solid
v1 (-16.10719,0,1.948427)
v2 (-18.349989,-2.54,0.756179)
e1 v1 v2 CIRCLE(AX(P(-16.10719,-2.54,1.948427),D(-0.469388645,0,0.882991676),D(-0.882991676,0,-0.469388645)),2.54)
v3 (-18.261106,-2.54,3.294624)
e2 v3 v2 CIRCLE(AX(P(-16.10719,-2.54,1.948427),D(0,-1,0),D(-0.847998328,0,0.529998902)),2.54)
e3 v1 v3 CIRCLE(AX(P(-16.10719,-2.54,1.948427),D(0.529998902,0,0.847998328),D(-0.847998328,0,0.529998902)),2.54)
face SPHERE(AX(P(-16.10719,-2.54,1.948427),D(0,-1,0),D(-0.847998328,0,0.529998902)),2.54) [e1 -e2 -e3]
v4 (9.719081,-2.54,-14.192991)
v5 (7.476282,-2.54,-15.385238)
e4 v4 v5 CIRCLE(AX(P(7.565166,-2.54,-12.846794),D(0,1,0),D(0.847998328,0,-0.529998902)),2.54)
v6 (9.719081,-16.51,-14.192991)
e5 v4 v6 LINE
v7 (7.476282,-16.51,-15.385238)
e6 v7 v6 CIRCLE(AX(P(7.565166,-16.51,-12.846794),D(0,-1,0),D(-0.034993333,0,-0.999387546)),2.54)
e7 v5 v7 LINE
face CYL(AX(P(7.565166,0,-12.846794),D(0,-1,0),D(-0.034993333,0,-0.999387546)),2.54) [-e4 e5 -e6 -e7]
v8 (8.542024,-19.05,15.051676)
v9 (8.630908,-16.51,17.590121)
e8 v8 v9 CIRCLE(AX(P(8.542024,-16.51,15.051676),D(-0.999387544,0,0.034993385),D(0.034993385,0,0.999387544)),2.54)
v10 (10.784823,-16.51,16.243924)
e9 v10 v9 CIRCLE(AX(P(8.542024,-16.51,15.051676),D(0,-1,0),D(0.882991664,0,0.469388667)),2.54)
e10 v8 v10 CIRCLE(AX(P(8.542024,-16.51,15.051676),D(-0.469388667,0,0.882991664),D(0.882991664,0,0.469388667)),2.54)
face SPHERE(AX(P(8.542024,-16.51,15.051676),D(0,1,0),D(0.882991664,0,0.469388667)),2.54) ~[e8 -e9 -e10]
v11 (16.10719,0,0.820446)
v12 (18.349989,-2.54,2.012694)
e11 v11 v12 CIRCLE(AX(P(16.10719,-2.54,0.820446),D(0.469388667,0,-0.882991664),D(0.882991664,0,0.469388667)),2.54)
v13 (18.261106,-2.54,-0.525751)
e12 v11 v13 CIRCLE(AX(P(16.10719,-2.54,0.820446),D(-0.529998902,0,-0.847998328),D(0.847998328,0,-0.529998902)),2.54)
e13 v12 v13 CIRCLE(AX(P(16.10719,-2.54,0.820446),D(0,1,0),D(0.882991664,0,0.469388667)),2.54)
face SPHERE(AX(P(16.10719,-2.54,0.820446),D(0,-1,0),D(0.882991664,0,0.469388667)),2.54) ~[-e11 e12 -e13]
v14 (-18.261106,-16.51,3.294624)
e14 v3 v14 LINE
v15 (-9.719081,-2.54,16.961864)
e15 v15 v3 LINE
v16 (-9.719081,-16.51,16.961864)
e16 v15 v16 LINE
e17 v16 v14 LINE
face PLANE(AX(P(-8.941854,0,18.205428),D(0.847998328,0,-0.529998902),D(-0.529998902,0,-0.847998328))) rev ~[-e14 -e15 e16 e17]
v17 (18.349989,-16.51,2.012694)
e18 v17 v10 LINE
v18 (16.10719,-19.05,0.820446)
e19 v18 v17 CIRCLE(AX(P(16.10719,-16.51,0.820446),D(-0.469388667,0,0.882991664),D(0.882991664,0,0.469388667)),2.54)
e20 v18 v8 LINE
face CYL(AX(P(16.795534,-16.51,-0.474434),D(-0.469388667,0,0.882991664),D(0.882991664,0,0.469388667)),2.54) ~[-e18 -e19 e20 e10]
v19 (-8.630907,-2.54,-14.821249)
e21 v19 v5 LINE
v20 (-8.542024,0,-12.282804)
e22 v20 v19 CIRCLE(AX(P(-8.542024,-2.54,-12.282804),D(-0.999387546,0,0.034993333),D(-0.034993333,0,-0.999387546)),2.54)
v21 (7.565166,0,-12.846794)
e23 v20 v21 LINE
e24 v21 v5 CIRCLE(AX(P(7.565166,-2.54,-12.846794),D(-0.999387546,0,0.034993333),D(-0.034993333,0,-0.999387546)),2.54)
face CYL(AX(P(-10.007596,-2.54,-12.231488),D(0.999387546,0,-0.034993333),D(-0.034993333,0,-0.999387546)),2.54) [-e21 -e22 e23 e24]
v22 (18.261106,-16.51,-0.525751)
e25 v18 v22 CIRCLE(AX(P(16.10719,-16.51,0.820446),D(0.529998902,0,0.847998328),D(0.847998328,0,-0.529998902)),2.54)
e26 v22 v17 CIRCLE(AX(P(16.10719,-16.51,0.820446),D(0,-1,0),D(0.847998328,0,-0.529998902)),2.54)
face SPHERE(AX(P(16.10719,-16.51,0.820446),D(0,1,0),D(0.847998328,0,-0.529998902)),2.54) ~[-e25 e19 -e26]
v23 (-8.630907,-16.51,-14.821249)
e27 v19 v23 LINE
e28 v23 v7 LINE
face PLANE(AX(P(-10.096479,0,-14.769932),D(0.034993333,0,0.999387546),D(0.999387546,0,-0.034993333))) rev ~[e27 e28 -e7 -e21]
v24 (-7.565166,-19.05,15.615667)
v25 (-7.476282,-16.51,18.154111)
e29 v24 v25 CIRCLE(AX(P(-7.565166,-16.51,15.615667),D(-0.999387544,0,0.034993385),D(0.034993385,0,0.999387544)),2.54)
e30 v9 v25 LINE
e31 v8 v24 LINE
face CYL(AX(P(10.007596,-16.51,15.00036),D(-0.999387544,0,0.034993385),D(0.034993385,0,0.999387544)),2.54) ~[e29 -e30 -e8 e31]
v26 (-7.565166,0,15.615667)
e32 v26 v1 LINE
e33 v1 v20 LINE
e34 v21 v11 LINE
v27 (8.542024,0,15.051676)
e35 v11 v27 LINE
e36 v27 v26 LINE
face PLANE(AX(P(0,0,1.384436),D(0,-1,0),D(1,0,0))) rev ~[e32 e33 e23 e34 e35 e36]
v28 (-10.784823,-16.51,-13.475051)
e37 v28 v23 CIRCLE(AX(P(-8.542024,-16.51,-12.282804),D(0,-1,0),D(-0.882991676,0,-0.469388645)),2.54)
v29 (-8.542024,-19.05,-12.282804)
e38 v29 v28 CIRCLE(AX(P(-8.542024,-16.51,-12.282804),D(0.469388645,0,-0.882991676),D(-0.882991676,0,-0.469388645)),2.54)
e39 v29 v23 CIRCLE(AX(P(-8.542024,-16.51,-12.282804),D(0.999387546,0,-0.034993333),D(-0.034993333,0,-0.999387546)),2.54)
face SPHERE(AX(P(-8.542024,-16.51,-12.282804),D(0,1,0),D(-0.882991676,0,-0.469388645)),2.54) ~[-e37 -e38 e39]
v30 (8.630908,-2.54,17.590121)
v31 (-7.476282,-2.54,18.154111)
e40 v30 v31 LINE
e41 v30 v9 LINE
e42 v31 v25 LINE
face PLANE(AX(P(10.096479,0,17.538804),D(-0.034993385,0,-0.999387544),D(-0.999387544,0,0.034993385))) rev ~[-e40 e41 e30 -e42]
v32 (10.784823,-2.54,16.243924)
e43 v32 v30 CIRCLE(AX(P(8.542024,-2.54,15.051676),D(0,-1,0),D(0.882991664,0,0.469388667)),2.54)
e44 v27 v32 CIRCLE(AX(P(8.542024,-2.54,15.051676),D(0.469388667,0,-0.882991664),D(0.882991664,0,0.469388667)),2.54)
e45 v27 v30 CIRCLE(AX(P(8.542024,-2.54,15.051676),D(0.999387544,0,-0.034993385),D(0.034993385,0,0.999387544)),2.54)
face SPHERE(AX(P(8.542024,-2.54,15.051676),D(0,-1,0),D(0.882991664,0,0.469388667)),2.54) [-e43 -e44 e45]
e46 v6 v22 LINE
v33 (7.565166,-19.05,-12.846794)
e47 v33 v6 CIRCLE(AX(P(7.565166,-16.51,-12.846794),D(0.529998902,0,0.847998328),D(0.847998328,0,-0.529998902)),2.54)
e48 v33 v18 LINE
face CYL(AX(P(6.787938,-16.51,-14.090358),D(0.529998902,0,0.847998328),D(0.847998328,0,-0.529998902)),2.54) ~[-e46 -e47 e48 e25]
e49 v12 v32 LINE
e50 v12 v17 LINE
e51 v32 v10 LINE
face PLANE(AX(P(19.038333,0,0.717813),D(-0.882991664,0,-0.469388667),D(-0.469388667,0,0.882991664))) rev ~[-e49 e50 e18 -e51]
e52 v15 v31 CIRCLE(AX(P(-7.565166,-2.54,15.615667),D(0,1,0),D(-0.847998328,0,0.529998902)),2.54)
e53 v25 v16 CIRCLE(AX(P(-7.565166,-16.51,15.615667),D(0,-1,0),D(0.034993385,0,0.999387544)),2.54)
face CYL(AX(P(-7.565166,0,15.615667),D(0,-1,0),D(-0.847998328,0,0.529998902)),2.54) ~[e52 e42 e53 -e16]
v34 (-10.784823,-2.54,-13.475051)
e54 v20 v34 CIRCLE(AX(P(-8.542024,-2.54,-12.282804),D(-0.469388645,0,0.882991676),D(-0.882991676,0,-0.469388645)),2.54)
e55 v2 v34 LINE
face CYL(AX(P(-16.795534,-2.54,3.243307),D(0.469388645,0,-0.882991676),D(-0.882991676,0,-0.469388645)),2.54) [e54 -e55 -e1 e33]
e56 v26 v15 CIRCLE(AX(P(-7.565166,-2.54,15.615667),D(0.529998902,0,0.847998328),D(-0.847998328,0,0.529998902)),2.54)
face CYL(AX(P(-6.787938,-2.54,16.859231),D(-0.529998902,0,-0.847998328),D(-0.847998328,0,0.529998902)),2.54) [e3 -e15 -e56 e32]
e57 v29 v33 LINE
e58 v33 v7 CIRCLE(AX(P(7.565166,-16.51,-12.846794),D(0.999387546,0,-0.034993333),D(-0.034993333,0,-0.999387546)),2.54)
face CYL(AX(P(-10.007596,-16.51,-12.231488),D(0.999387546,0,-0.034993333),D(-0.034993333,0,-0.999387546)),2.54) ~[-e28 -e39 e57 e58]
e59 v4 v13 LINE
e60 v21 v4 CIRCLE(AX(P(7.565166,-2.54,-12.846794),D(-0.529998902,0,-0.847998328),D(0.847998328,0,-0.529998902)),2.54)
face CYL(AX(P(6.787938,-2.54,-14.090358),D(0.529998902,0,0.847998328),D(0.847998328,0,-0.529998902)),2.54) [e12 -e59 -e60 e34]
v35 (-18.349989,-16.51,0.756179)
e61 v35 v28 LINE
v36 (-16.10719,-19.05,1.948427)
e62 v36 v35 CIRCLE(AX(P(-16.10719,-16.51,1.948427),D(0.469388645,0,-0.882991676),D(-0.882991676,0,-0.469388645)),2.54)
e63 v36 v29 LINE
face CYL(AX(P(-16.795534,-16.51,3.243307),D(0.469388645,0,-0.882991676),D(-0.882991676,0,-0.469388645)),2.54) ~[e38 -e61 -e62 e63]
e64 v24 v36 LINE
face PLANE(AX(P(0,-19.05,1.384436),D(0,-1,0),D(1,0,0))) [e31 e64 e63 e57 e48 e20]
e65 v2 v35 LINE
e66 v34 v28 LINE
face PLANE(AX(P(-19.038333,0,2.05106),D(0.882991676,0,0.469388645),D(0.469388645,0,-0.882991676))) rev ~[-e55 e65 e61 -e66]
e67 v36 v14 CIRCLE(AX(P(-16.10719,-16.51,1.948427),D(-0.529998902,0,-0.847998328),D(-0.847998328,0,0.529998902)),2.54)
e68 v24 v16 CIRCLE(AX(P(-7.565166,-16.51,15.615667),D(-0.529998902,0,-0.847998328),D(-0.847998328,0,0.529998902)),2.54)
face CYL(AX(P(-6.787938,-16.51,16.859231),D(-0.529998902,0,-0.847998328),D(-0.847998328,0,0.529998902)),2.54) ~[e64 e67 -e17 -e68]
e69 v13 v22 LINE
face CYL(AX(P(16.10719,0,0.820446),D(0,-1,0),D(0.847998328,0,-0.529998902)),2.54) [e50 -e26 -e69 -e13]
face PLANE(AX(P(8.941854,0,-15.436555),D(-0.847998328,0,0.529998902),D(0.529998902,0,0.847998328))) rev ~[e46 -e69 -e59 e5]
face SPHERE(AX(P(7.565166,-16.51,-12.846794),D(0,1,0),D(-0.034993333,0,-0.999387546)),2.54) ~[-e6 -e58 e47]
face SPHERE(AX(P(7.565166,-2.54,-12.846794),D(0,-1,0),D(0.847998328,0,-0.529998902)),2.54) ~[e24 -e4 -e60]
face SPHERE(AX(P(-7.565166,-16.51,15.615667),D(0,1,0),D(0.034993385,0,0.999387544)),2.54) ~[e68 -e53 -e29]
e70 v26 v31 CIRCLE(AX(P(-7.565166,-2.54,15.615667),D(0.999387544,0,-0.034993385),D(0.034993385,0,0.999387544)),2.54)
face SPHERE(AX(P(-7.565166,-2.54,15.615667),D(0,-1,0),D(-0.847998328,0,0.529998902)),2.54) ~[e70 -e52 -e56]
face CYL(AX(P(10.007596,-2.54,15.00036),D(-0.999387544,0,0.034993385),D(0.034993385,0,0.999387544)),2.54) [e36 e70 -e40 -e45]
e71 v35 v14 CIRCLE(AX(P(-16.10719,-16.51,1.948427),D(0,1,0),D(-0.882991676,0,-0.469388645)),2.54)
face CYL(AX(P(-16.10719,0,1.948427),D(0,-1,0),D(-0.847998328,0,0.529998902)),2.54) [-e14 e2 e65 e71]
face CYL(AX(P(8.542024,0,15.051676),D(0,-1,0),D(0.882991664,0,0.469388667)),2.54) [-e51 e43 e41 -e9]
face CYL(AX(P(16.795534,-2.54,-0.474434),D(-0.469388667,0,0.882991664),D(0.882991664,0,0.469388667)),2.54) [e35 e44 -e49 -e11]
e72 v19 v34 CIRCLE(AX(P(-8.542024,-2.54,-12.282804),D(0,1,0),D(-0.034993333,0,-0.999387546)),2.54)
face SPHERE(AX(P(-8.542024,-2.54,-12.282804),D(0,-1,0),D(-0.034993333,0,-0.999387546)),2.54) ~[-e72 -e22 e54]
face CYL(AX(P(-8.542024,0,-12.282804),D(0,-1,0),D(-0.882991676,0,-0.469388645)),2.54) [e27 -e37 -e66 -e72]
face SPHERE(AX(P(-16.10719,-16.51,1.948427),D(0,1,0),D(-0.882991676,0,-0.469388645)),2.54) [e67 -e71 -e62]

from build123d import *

# Parameters (mm, degrees)
F1_DEPTH = 19.05
F2_R     = 2.54


with BuildPart() as f1:
    # F0 (on Front) → F1 (new body)
    with BuildSketch(Plane.XZ):
        Polygon((-8.941854, 18.205428), (-19.038333, 2.05106), (-10.096479, -14.769932), (8.941854, -15.436555), (19.038333, 0.717813), (10.096479, 17.538804), align=None)
    extrude(amount=F1_DEPTH)

    # F2
    f2_edges = [f1.edges().sort_by_distance(p)[0] for p in [
        (14.567406, -19.05, 9.128309),
        (0.577313, -19.05, 17.872116),
        (10.096479, -9.525, 17.538804),
        (19.038333, -9.525, 0.717813),
        (13.990093, -19.05, -7.359371),
        (14.567406, 0, 9.128309),
        (13.990093, 0, -7.359371),
        (0.577313, 0, 17.872116),
        (-10.096479, -9.525, -14.769932),
        (-0.577313, 0, -15.103244),
        (-14.567406, 0, -6.359436),
        (-19.038333, -9.525, 2.05106),
        (-14.567406, -19.05, -6.359436),
        (8.941854, -9.525, -15.436555),
        (-0.577313, -19.05, -15.103244),
        (-13.990093, -19.05, 10.128244),
        (-8.941854, -9.525, 18.205428),
        (-13.990093, 0, 10.128244),
    ]]
    fillet(f2_edges, radius=F2_R)


solid = f1.part
